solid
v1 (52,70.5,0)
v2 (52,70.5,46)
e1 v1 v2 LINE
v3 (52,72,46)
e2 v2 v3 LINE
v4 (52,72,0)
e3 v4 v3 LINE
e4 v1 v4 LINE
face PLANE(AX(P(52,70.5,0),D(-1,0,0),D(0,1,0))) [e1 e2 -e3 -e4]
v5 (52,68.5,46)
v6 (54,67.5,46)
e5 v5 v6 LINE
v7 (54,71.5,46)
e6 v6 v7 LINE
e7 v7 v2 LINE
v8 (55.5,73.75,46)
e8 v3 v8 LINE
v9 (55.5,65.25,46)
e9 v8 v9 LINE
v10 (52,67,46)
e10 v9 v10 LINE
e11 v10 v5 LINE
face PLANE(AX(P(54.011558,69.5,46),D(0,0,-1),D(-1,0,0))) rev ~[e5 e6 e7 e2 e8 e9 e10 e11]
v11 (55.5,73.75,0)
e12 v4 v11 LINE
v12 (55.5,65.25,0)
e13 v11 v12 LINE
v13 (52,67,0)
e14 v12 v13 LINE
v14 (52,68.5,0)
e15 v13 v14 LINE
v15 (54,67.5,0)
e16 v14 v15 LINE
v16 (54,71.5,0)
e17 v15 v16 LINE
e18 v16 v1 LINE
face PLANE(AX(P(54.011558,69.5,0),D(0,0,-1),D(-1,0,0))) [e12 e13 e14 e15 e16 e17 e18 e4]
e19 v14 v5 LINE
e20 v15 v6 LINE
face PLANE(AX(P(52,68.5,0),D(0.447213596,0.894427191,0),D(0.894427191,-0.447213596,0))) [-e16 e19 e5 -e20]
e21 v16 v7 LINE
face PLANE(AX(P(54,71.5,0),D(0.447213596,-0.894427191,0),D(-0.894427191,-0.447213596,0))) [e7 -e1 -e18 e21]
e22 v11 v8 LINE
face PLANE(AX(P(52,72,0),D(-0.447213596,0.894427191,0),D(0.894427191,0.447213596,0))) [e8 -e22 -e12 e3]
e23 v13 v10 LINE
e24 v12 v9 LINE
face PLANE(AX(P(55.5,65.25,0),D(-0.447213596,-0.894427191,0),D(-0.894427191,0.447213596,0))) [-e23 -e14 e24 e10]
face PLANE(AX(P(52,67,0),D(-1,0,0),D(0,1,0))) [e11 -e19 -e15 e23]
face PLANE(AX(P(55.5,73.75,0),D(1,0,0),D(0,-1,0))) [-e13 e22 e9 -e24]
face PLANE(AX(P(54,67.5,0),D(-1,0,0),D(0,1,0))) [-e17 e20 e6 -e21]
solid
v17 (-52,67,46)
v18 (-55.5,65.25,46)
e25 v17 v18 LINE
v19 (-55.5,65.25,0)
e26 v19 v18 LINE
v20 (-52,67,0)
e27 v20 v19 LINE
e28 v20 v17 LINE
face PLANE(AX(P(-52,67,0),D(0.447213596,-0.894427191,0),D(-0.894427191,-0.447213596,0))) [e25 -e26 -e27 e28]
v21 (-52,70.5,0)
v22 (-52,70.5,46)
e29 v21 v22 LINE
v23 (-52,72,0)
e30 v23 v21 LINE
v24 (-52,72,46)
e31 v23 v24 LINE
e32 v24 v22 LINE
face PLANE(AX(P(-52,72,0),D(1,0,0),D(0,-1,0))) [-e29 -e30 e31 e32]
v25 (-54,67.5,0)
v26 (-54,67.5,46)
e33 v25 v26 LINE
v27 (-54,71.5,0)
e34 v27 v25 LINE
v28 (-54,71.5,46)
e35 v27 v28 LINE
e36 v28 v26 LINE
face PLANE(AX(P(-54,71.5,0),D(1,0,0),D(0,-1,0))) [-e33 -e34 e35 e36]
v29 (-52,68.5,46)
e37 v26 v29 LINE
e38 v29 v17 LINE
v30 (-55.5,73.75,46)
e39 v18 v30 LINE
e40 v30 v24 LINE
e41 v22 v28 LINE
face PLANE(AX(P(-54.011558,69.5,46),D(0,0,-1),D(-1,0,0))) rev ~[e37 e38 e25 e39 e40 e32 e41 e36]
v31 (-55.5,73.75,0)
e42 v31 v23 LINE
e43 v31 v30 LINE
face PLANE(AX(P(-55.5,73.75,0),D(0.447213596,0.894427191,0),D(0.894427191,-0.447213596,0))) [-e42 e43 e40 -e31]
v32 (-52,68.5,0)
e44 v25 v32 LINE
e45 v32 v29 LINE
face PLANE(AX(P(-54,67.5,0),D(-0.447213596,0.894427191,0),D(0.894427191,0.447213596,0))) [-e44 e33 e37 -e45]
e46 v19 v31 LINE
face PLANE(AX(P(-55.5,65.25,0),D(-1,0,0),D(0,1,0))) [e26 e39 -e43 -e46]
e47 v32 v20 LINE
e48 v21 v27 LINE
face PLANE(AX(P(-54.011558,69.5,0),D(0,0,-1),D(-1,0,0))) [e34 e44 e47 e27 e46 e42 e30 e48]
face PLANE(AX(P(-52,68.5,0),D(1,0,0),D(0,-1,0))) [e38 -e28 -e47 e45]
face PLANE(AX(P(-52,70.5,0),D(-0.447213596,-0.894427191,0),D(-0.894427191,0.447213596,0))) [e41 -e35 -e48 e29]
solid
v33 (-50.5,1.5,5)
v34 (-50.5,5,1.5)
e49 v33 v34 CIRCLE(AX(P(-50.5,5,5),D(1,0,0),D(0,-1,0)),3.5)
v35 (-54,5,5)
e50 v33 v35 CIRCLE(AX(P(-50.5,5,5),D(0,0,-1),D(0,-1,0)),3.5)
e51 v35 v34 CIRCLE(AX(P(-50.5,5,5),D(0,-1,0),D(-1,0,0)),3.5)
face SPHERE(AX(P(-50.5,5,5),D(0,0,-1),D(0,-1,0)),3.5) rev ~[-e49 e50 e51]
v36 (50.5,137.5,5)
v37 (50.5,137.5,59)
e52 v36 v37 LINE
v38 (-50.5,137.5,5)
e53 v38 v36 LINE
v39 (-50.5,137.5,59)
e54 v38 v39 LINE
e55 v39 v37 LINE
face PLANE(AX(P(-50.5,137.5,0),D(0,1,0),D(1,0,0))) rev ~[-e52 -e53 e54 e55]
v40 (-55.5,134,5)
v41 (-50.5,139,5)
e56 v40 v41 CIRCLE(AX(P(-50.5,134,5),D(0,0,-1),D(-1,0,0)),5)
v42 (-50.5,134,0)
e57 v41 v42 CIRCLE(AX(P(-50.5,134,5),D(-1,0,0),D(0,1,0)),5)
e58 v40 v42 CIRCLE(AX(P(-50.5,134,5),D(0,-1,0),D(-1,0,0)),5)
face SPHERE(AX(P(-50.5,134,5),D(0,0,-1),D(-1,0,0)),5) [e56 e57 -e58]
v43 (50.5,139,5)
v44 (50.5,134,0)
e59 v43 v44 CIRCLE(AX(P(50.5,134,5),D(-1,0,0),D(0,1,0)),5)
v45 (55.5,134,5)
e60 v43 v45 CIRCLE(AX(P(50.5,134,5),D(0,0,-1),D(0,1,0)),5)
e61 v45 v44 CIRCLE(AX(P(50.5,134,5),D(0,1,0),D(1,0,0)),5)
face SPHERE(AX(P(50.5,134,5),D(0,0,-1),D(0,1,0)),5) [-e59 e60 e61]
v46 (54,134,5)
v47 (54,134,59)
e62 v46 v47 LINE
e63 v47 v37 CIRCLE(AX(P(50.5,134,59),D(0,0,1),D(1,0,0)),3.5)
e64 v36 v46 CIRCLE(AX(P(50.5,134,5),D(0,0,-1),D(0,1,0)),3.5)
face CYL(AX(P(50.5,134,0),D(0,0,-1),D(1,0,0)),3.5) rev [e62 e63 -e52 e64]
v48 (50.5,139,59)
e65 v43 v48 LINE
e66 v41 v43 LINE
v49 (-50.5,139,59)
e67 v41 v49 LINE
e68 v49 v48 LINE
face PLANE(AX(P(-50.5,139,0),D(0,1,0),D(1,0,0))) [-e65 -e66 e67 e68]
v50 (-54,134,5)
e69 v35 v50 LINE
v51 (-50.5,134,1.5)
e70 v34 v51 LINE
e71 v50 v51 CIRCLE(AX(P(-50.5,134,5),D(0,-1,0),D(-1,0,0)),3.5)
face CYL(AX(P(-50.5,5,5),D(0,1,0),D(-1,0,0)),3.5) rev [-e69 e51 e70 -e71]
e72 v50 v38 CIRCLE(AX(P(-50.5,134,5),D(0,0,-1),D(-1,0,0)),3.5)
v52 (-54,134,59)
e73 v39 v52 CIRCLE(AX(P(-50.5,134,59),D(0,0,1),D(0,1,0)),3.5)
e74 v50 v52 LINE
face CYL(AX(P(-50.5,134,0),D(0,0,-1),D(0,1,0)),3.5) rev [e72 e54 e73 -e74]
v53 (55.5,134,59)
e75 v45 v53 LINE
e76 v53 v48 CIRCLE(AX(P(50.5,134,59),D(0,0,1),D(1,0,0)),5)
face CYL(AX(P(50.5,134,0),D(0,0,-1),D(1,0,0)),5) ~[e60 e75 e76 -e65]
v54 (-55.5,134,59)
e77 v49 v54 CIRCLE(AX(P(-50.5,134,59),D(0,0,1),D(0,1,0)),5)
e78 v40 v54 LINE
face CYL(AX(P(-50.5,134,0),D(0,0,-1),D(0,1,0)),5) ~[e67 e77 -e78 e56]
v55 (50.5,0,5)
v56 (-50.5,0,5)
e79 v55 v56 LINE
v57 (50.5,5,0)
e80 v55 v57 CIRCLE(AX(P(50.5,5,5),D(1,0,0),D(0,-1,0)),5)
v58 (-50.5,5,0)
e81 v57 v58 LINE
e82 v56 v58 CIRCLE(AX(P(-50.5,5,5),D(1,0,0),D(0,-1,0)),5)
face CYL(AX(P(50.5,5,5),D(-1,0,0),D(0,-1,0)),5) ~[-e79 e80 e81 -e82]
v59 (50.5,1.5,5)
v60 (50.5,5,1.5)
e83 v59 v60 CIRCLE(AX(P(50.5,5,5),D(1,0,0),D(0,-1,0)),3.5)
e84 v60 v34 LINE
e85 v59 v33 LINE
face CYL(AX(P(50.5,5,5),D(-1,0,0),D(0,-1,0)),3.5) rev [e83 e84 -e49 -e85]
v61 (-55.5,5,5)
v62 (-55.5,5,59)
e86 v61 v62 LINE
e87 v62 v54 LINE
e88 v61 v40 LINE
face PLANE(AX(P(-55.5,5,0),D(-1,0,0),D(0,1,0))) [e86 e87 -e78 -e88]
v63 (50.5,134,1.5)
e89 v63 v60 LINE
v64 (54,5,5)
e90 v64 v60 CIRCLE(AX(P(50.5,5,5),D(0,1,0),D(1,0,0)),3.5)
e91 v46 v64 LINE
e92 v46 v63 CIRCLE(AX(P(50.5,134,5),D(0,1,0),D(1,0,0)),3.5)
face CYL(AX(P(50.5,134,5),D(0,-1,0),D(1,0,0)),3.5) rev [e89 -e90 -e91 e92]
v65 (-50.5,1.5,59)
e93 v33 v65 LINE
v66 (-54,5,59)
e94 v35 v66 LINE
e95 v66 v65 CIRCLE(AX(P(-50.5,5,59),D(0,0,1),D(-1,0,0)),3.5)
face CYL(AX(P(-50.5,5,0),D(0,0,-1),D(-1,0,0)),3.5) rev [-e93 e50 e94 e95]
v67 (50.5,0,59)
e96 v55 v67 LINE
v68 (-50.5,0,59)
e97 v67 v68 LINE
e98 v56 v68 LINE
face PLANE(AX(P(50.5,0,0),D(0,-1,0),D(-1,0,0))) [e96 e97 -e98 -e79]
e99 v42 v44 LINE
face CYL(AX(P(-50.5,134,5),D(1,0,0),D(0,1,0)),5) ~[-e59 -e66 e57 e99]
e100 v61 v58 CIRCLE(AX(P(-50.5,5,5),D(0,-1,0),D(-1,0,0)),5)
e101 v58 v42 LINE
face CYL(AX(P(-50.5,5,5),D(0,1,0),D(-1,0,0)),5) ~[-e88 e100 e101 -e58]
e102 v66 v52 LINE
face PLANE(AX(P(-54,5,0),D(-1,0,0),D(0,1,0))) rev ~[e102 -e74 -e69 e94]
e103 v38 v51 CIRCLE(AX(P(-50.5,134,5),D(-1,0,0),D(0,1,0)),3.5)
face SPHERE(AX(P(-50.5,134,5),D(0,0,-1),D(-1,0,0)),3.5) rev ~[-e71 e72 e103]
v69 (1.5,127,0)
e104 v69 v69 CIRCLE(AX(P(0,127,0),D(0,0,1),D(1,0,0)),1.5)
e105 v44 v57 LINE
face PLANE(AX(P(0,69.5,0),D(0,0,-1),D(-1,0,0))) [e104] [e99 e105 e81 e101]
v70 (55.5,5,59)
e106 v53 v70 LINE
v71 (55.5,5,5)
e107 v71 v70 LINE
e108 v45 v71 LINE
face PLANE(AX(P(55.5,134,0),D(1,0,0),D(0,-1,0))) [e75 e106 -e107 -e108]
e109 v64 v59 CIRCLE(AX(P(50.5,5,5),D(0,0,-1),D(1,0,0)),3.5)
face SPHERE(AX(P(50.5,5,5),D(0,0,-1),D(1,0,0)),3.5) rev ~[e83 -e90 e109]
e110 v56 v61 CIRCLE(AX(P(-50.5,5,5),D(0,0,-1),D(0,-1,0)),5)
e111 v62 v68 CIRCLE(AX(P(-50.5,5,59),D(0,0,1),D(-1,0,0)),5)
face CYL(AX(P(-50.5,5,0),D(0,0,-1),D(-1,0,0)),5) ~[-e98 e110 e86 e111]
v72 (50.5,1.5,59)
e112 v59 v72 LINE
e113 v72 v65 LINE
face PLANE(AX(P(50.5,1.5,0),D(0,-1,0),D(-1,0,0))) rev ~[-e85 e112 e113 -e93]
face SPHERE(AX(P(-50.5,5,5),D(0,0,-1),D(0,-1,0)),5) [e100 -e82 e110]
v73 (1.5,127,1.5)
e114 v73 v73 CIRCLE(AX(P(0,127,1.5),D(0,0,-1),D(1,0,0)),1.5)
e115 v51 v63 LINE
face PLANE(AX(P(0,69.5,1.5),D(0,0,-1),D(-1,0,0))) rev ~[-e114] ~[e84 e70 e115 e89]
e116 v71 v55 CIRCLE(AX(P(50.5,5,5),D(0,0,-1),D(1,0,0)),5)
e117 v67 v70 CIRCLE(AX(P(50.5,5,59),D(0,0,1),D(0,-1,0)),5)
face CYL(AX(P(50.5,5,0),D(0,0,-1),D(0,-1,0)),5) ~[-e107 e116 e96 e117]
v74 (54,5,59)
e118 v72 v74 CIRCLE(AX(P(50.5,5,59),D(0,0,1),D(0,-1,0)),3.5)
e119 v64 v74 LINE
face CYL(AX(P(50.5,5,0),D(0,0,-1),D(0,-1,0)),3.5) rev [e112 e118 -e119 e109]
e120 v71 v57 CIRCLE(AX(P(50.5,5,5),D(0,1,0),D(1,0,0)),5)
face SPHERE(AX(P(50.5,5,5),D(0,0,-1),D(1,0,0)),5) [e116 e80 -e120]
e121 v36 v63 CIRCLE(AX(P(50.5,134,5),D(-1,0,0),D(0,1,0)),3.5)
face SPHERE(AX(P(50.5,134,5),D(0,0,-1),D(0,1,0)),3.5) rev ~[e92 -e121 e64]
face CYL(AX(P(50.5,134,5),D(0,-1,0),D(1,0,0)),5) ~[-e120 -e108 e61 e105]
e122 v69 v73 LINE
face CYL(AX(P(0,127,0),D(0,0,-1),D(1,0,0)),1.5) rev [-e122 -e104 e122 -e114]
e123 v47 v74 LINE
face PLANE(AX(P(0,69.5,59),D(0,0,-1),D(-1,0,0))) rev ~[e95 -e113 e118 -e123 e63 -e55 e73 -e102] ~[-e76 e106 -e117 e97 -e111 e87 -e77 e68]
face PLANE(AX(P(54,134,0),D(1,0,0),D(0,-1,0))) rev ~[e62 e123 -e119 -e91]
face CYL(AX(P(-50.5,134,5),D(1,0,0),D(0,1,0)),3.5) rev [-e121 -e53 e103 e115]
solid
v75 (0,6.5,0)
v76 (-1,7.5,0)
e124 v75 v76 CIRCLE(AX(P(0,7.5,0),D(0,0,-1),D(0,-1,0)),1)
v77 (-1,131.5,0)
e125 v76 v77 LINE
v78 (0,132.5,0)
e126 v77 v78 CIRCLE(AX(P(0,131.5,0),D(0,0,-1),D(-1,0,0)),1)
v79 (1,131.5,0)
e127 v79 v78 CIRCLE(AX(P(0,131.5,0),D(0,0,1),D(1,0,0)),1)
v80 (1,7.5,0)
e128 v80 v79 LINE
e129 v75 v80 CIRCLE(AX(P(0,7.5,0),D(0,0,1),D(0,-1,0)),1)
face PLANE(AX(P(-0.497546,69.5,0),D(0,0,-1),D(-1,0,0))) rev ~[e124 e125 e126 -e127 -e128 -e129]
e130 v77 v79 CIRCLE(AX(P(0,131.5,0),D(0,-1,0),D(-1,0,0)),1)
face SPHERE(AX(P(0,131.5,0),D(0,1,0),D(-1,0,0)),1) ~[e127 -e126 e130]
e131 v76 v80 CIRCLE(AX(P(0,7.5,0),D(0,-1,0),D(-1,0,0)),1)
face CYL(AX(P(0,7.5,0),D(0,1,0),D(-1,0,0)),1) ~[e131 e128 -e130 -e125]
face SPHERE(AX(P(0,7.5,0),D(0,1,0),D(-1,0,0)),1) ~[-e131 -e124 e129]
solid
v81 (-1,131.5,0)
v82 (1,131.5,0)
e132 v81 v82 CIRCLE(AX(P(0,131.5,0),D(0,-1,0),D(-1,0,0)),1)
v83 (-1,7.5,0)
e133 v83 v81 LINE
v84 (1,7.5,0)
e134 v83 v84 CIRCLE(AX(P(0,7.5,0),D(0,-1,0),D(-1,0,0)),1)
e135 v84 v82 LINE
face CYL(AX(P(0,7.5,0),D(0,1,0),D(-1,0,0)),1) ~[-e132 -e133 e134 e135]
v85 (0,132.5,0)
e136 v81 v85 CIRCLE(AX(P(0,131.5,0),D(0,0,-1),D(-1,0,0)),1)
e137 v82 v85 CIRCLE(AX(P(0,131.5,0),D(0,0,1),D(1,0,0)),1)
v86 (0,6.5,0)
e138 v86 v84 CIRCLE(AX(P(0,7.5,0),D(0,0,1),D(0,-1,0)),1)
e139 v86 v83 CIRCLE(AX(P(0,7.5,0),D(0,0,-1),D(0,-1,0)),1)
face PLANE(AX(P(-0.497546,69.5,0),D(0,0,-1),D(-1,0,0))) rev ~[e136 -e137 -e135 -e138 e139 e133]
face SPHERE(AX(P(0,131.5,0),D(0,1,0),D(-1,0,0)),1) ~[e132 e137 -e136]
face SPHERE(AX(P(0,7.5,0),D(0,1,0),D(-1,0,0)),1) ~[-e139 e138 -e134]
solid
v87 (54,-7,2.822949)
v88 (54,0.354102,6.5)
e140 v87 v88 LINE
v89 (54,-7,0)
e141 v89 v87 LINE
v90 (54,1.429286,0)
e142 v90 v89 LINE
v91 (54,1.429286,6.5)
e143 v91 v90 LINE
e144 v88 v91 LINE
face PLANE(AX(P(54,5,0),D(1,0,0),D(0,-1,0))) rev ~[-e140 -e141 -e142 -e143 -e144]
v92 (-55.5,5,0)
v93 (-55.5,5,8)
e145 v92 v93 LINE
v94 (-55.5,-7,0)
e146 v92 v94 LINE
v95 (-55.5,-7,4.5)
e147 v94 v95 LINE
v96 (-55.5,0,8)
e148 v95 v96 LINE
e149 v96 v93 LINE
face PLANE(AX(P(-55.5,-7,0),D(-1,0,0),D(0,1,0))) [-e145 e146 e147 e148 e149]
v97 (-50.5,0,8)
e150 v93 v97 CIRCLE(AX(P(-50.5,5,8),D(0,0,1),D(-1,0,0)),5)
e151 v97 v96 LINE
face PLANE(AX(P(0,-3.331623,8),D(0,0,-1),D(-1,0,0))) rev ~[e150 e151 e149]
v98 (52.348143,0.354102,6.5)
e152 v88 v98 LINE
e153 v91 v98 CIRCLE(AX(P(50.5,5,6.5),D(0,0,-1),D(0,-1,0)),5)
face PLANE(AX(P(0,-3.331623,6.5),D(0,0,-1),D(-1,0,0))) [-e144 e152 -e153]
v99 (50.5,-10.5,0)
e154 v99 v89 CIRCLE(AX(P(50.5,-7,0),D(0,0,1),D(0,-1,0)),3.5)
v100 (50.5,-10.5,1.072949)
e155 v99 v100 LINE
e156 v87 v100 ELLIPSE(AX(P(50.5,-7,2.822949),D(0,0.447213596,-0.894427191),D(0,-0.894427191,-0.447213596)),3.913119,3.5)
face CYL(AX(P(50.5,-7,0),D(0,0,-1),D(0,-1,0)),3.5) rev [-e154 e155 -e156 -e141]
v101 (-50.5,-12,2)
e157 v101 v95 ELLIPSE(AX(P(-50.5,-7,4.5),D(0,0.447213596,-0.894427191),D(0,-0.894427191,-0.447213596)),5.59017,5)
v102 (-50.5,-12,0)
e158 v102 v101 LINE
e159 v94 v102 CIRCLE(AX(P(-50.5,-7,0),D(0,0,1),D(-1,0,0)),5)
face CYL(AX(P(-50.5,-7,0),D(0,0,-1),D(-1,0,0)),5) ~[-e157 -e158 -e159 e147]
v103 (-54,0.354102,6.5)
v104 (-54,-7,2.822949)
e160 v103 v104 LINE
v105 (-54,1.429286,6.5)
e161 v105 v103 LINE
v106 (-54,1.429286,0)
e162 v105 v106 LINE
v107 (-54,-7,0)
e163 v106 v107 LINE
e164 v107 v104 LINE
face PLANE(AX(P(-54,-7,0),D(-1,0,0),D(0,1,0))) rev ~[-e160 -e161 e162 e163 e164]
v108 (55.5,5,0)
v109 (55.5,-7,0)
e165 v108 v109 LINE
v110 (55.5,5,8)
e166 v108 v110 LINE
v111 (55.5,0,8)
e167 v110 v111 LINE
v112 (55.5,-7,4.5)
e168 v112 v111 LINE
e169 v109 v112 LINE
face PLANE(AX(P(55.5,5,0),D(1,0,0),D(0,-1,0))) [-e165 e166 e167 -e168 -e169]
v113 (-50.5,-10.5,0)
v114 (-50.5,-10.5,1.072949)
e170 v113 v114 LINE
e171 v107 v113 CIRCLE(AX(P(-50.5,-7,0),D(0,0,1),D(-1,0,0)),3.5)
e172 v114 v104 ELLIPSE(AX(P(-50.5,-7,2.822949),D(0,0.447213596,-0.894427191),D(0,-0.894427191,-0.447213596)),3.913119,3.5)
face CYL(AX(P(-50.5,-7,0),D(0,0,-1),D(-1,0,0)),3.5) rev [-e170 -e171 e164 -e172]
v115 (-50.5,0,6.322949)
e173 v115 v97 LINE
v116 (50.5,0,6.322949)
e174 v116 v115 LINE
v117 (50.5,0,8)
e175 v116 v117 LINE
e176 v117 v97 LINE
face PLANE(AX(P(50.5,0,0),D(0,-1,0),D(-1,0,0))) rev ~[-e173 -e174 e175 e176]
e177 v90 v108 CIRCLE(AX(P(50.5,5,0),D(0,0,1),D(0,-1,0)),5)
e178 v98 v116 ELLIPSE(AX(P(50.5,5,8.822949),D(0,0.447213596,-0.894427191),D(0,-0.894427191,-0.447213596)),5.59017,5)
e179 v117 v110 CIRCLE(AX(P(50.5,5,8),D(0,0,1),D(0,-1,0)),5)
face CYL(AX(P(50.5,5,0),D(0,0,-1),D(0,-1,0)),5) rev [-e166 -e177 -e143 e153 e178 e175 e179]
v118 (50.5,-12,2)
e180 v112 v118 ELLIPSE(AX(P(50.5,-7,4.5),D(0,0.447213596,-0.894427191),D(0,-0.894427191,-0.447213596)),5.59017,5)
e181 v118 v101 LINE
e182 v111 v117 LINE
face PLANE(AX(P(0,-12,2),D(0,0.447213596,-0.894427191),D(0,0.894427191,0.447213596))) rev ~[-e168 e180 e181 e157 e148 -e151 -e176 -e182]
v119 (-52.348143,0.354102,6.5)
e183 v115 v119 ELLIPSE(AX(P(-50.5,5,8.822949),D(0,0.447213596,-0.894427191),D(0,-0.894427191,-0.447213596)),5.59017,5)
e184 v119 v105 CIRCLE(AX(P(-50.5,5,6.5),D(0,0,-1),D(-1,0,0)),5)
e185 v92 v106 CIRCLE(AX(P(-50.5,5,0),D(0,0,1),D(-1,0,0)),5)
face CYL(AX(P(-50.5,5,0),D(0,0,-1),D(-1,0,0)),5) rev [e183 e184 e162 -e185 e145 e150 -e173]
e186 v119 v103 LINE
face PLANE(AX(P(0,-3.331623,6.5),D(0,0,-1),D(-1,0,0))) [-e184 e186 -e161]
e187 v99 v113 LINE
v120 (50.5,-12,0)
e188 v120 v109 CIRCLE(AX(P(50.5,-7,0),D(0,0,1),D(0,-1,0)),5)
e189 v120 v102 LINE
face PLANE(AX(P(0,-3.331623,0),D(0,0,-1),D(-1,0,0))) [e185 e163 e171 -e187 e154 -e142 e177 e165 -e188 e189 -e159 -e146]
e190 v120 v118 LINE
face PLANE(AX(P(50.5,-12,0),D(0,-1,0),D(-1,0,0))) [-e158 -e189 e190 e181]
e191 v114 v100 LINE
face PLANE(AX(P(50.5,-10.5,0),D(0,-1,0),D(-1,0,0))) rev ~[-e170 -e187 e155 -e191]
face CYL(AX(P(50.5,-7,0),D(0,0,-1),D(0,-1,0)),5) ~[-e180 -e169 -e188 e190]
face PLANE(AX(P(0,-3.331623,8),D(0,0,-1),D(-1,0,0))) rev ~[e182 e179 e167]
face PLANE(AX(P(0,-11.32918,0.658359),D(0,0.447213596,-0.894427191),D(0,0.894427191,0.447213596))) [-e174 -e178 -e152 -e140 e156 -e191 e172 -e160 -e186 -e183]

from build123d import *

# Parameters (mm, degrees)
PAD_DEPTH           = 59
FILLET_R            = 5
THICKNESS_T         = -1.5
SKETCH009_R         = 1.5
HOLE_DEPTH          = 25
HOLE_TIPS_R         = 1.5
PAD001_DEPTH        = 8
POCKET_DEPTH        = 55.5
THICKNESS001_T      = -1.5
POCKET001_DEPTH     = 8
REVOLUTION_ANGLE    = -180
REVOLUTION001_ANGLE = -180
PAD002_DEPTH        = 46
PAD003_DEPTH        = 46


with BuildPart() as binbody:
    # Sketch004 → Pad (new body)
    with BuildSketch(Plane.XY):
        with BuildLine():
            Line((-50.5, 139), (50.5, 139))
            ThreePointArc((55.5, 134), (54.0355339059, 137.5355339059), (50.5, 139))
            Line((55.5, 134), (55.5, 5))
            ThreePointArc((50.5, 0), (54.0355339059, 1.4644660941), (55.5, 5))
            Line((50.5, 0), (-50.5, 0))
            ThreePointArc((-55.5, 5), (-54.0355339059, 1.4644660941), (-50.5, 0))
            Line((-55.5, 5), (-55.5, 134))
            ThreePointArc((-50.5, 139), (-54.0355339059, 137.5355339059), (-55.5, 134))
        make_face()
    extrude(amount=PAD_DEPTH)

    # Fillet
    fillet_edges = [binbody.edges().sort_by_distance(p)[0] for p in [
        (0, 0, 0),
        (54.035534, 1.464466, 0),
        (55.5, 69.5, 0),
        (54.035534, 137.535534, 0),
        (0, 139, 0),
        (-54.035534, 137.535534, 0),
        (-55.5, 69.5, 0),
        (-54.035534, 1.464466, 0),
    ]]
    fillet(fillet_edges, radius=FILLET_R)

    # Thickness
    thickness_openings = [binbody.faces().sort_by_distance(p)[0] for p in [
        (0, 69.5, 59),
    ]]
    offset(amount=THICKNESS_T, openings=thickness_openings)

    # Sketch009 → Hole (cut)
    with BuildSketch(Plane.XY):
        with Locations((0, 127)):
            Circle(SKETCH009_R)
    extrude(amount=HOLE_DEPTH, mode=Mode.SUBTRACT)

    # Hole tips → Hole tip 1 section 0
    with BuildSketch(Plane.XY.offset(25), mode=Mode.PRIVATE) as hole_tip_1_s0:
        with Locations((0, 127)):
            Circle(HOLE_TIPS_R)
    loft([hole_tip_1_s0.sketch, Vertex(0, 127, 25.9012909285)], mode=Mode.SUBTRACT)


with BuildPart() as handlebody:
    # Sketch005 → Pad001 (new body)
    with BuildSketch(Plane.XY):
        with BuildLine():
            Line((-55.5, -7), (-55.5, 5))
            Line((-55.5, 5), (55.5, 5))
            Line((55.5, 5), (55.5, -7))
            ThreePointArc((50.5, -12), (54.0355339059, -10.5355339059), (55.5, -7))
            Line((50.5, -12), (-50.5, -12))
            ThreePointArc((-55.5, -7), (-54.0355339059, -10.5355339059), (-50.5, -12))
        make_face()
    extrude(amount=PAD001_DEPTH)

    # Sketch006 → Pocket (cut, symmetric)
    with BuildSketch(Plane.YZ):
        Polygon((0, 10), (-14, 10), (-14, -2), (0, -2), (0, 0), (-12, 0), (-12, 2), (0, 8), align=None)
    extrude(amount=POCKET_DEPTH, both=True, mode=Mode.SUBTRACT)

    # Thickness001
    thickness001_openings = [handlebody.faces().sort_by_distance(p)[0] for p in [
        (0, -3.457777, 0),
    ]]
    offset(amount=THICKNESS001_T, openings=thickness001_openings)

    # Sketch007 → Pocket001 (cut)
    with BuildSketch(Plane.XY):
        with BuildLine():
            Line((-55.5, 10), (55.5, 10))
            Line((55.5, 10), (55.5, 5))
            ThreePointArc((50.5, 0), (54.0355339059, 1.4644660941), (55.5, 5))
            Line((50.5, 0), (-50.5, 0))
            ThreePointArc((-55.5, 5), (-54.0355339059, 1.4644660941), (-50.5, 0))
            Line((-55.5, 5), (-55.5, 10))
        make_face()
    extrude(amount=POCKET001_DEPTH, mode=Mode.SUBTRACT)


with BuildPart() as handlebody_1:
    # Body001 placement: moved
    add(handlebody.part.moved(Location((0, 0, 51))))


with BuildPart() as railleft:
    # Clone2D005 → Revolution (revolve)
    with BuildSketch(Plane.XY):
        with BuildLine():
            Line((0, 132.5), (0, 6.5))
            ThreePointArc((0, 6.5), (-0.7071067812, 6.7928932188), (-1, 7.5))
            Line((-1, 7.5), (-1, 131.5))
            ThreePointArc((-1, 131.5), (-0.7071067812, 132.2071067812), (0, 132.5))
        make_face()
    revolve(axis=Axis((0, 0, 0), (0, 1, 0)), revolution_arc=REVOLUTION_ANGLE)


with BuildPart() as railleft_1:
    # Body002 placement: moved
    add(railleft.part.moved(Location((-46.5, 0, 0))))


with BuildPart() as railright:
    # Clone2D006 → Revolution001 (revolve)
    with BuildSketch(Plane.XY):
        with BuildLine():
            Line((0, 132.5), (0, 6.5))
            ThreePointArc((0, 6.5), (-0.7071067812, 6.7928932188), (-1, 7.5))
            Line((-1, 7.5), (-1, 131.5))
            ThreePointArc((-1, 131.5), (-0.7071067812, 132.2071067812), (0, 132.5))
        make_face()
    revolve(axis=Axis((0, 0, 0), (0, 1, 0)), revolution_arc=REVOLUTION001_ANGLE)


with BuildPart() as railright_1:
    # Body003 placement: moved
    add(railright.part.moved(Location((46.5, 0, 0))))


with BuildPart() as dividerholderleft:
    # Sketch012 → Pad002 (new body)
    with BuildSketch(Plane.XY):
        Polygon((-55.5, 73.75), (-52, 72), (-52, 70.5), (-54, 71.5), (-54, 67.5), (-52, 68.5), (-52, 67), (-55.5, 65.25), align=None)
    extrude(amount=PAD002_DEPTH)


with BuildPart() as dividerholderleft_1:
    # Body005 placement: moved
    add(dividerholderleft.part.moved(Location((0, 0, 5))))


with BuildPart() as dividerholderright:
    # Sketch013 → Pad003 (new body)
    with BuildSketch(Plane.XY):
        Polygon((54, 71.5), (52, 70.5), (52, 72), (55.5, 73.75), (55.5, 65.25), (52, 67), (52, 68.5), (54, 67.5), align=None)
    extrude(amount=PAD003_DEPTH)


with BuildPart() as dividerholderright_1:
    # Body006 placement: moved
    add(dividerholderright.part.moved(Location((0, 0, 5))))


solid = Compound([binbody.part, handlebody_1.part, railleft_1.part, railright_1.part, dividerholderleft_1.part, dividerholderright_1.part])
